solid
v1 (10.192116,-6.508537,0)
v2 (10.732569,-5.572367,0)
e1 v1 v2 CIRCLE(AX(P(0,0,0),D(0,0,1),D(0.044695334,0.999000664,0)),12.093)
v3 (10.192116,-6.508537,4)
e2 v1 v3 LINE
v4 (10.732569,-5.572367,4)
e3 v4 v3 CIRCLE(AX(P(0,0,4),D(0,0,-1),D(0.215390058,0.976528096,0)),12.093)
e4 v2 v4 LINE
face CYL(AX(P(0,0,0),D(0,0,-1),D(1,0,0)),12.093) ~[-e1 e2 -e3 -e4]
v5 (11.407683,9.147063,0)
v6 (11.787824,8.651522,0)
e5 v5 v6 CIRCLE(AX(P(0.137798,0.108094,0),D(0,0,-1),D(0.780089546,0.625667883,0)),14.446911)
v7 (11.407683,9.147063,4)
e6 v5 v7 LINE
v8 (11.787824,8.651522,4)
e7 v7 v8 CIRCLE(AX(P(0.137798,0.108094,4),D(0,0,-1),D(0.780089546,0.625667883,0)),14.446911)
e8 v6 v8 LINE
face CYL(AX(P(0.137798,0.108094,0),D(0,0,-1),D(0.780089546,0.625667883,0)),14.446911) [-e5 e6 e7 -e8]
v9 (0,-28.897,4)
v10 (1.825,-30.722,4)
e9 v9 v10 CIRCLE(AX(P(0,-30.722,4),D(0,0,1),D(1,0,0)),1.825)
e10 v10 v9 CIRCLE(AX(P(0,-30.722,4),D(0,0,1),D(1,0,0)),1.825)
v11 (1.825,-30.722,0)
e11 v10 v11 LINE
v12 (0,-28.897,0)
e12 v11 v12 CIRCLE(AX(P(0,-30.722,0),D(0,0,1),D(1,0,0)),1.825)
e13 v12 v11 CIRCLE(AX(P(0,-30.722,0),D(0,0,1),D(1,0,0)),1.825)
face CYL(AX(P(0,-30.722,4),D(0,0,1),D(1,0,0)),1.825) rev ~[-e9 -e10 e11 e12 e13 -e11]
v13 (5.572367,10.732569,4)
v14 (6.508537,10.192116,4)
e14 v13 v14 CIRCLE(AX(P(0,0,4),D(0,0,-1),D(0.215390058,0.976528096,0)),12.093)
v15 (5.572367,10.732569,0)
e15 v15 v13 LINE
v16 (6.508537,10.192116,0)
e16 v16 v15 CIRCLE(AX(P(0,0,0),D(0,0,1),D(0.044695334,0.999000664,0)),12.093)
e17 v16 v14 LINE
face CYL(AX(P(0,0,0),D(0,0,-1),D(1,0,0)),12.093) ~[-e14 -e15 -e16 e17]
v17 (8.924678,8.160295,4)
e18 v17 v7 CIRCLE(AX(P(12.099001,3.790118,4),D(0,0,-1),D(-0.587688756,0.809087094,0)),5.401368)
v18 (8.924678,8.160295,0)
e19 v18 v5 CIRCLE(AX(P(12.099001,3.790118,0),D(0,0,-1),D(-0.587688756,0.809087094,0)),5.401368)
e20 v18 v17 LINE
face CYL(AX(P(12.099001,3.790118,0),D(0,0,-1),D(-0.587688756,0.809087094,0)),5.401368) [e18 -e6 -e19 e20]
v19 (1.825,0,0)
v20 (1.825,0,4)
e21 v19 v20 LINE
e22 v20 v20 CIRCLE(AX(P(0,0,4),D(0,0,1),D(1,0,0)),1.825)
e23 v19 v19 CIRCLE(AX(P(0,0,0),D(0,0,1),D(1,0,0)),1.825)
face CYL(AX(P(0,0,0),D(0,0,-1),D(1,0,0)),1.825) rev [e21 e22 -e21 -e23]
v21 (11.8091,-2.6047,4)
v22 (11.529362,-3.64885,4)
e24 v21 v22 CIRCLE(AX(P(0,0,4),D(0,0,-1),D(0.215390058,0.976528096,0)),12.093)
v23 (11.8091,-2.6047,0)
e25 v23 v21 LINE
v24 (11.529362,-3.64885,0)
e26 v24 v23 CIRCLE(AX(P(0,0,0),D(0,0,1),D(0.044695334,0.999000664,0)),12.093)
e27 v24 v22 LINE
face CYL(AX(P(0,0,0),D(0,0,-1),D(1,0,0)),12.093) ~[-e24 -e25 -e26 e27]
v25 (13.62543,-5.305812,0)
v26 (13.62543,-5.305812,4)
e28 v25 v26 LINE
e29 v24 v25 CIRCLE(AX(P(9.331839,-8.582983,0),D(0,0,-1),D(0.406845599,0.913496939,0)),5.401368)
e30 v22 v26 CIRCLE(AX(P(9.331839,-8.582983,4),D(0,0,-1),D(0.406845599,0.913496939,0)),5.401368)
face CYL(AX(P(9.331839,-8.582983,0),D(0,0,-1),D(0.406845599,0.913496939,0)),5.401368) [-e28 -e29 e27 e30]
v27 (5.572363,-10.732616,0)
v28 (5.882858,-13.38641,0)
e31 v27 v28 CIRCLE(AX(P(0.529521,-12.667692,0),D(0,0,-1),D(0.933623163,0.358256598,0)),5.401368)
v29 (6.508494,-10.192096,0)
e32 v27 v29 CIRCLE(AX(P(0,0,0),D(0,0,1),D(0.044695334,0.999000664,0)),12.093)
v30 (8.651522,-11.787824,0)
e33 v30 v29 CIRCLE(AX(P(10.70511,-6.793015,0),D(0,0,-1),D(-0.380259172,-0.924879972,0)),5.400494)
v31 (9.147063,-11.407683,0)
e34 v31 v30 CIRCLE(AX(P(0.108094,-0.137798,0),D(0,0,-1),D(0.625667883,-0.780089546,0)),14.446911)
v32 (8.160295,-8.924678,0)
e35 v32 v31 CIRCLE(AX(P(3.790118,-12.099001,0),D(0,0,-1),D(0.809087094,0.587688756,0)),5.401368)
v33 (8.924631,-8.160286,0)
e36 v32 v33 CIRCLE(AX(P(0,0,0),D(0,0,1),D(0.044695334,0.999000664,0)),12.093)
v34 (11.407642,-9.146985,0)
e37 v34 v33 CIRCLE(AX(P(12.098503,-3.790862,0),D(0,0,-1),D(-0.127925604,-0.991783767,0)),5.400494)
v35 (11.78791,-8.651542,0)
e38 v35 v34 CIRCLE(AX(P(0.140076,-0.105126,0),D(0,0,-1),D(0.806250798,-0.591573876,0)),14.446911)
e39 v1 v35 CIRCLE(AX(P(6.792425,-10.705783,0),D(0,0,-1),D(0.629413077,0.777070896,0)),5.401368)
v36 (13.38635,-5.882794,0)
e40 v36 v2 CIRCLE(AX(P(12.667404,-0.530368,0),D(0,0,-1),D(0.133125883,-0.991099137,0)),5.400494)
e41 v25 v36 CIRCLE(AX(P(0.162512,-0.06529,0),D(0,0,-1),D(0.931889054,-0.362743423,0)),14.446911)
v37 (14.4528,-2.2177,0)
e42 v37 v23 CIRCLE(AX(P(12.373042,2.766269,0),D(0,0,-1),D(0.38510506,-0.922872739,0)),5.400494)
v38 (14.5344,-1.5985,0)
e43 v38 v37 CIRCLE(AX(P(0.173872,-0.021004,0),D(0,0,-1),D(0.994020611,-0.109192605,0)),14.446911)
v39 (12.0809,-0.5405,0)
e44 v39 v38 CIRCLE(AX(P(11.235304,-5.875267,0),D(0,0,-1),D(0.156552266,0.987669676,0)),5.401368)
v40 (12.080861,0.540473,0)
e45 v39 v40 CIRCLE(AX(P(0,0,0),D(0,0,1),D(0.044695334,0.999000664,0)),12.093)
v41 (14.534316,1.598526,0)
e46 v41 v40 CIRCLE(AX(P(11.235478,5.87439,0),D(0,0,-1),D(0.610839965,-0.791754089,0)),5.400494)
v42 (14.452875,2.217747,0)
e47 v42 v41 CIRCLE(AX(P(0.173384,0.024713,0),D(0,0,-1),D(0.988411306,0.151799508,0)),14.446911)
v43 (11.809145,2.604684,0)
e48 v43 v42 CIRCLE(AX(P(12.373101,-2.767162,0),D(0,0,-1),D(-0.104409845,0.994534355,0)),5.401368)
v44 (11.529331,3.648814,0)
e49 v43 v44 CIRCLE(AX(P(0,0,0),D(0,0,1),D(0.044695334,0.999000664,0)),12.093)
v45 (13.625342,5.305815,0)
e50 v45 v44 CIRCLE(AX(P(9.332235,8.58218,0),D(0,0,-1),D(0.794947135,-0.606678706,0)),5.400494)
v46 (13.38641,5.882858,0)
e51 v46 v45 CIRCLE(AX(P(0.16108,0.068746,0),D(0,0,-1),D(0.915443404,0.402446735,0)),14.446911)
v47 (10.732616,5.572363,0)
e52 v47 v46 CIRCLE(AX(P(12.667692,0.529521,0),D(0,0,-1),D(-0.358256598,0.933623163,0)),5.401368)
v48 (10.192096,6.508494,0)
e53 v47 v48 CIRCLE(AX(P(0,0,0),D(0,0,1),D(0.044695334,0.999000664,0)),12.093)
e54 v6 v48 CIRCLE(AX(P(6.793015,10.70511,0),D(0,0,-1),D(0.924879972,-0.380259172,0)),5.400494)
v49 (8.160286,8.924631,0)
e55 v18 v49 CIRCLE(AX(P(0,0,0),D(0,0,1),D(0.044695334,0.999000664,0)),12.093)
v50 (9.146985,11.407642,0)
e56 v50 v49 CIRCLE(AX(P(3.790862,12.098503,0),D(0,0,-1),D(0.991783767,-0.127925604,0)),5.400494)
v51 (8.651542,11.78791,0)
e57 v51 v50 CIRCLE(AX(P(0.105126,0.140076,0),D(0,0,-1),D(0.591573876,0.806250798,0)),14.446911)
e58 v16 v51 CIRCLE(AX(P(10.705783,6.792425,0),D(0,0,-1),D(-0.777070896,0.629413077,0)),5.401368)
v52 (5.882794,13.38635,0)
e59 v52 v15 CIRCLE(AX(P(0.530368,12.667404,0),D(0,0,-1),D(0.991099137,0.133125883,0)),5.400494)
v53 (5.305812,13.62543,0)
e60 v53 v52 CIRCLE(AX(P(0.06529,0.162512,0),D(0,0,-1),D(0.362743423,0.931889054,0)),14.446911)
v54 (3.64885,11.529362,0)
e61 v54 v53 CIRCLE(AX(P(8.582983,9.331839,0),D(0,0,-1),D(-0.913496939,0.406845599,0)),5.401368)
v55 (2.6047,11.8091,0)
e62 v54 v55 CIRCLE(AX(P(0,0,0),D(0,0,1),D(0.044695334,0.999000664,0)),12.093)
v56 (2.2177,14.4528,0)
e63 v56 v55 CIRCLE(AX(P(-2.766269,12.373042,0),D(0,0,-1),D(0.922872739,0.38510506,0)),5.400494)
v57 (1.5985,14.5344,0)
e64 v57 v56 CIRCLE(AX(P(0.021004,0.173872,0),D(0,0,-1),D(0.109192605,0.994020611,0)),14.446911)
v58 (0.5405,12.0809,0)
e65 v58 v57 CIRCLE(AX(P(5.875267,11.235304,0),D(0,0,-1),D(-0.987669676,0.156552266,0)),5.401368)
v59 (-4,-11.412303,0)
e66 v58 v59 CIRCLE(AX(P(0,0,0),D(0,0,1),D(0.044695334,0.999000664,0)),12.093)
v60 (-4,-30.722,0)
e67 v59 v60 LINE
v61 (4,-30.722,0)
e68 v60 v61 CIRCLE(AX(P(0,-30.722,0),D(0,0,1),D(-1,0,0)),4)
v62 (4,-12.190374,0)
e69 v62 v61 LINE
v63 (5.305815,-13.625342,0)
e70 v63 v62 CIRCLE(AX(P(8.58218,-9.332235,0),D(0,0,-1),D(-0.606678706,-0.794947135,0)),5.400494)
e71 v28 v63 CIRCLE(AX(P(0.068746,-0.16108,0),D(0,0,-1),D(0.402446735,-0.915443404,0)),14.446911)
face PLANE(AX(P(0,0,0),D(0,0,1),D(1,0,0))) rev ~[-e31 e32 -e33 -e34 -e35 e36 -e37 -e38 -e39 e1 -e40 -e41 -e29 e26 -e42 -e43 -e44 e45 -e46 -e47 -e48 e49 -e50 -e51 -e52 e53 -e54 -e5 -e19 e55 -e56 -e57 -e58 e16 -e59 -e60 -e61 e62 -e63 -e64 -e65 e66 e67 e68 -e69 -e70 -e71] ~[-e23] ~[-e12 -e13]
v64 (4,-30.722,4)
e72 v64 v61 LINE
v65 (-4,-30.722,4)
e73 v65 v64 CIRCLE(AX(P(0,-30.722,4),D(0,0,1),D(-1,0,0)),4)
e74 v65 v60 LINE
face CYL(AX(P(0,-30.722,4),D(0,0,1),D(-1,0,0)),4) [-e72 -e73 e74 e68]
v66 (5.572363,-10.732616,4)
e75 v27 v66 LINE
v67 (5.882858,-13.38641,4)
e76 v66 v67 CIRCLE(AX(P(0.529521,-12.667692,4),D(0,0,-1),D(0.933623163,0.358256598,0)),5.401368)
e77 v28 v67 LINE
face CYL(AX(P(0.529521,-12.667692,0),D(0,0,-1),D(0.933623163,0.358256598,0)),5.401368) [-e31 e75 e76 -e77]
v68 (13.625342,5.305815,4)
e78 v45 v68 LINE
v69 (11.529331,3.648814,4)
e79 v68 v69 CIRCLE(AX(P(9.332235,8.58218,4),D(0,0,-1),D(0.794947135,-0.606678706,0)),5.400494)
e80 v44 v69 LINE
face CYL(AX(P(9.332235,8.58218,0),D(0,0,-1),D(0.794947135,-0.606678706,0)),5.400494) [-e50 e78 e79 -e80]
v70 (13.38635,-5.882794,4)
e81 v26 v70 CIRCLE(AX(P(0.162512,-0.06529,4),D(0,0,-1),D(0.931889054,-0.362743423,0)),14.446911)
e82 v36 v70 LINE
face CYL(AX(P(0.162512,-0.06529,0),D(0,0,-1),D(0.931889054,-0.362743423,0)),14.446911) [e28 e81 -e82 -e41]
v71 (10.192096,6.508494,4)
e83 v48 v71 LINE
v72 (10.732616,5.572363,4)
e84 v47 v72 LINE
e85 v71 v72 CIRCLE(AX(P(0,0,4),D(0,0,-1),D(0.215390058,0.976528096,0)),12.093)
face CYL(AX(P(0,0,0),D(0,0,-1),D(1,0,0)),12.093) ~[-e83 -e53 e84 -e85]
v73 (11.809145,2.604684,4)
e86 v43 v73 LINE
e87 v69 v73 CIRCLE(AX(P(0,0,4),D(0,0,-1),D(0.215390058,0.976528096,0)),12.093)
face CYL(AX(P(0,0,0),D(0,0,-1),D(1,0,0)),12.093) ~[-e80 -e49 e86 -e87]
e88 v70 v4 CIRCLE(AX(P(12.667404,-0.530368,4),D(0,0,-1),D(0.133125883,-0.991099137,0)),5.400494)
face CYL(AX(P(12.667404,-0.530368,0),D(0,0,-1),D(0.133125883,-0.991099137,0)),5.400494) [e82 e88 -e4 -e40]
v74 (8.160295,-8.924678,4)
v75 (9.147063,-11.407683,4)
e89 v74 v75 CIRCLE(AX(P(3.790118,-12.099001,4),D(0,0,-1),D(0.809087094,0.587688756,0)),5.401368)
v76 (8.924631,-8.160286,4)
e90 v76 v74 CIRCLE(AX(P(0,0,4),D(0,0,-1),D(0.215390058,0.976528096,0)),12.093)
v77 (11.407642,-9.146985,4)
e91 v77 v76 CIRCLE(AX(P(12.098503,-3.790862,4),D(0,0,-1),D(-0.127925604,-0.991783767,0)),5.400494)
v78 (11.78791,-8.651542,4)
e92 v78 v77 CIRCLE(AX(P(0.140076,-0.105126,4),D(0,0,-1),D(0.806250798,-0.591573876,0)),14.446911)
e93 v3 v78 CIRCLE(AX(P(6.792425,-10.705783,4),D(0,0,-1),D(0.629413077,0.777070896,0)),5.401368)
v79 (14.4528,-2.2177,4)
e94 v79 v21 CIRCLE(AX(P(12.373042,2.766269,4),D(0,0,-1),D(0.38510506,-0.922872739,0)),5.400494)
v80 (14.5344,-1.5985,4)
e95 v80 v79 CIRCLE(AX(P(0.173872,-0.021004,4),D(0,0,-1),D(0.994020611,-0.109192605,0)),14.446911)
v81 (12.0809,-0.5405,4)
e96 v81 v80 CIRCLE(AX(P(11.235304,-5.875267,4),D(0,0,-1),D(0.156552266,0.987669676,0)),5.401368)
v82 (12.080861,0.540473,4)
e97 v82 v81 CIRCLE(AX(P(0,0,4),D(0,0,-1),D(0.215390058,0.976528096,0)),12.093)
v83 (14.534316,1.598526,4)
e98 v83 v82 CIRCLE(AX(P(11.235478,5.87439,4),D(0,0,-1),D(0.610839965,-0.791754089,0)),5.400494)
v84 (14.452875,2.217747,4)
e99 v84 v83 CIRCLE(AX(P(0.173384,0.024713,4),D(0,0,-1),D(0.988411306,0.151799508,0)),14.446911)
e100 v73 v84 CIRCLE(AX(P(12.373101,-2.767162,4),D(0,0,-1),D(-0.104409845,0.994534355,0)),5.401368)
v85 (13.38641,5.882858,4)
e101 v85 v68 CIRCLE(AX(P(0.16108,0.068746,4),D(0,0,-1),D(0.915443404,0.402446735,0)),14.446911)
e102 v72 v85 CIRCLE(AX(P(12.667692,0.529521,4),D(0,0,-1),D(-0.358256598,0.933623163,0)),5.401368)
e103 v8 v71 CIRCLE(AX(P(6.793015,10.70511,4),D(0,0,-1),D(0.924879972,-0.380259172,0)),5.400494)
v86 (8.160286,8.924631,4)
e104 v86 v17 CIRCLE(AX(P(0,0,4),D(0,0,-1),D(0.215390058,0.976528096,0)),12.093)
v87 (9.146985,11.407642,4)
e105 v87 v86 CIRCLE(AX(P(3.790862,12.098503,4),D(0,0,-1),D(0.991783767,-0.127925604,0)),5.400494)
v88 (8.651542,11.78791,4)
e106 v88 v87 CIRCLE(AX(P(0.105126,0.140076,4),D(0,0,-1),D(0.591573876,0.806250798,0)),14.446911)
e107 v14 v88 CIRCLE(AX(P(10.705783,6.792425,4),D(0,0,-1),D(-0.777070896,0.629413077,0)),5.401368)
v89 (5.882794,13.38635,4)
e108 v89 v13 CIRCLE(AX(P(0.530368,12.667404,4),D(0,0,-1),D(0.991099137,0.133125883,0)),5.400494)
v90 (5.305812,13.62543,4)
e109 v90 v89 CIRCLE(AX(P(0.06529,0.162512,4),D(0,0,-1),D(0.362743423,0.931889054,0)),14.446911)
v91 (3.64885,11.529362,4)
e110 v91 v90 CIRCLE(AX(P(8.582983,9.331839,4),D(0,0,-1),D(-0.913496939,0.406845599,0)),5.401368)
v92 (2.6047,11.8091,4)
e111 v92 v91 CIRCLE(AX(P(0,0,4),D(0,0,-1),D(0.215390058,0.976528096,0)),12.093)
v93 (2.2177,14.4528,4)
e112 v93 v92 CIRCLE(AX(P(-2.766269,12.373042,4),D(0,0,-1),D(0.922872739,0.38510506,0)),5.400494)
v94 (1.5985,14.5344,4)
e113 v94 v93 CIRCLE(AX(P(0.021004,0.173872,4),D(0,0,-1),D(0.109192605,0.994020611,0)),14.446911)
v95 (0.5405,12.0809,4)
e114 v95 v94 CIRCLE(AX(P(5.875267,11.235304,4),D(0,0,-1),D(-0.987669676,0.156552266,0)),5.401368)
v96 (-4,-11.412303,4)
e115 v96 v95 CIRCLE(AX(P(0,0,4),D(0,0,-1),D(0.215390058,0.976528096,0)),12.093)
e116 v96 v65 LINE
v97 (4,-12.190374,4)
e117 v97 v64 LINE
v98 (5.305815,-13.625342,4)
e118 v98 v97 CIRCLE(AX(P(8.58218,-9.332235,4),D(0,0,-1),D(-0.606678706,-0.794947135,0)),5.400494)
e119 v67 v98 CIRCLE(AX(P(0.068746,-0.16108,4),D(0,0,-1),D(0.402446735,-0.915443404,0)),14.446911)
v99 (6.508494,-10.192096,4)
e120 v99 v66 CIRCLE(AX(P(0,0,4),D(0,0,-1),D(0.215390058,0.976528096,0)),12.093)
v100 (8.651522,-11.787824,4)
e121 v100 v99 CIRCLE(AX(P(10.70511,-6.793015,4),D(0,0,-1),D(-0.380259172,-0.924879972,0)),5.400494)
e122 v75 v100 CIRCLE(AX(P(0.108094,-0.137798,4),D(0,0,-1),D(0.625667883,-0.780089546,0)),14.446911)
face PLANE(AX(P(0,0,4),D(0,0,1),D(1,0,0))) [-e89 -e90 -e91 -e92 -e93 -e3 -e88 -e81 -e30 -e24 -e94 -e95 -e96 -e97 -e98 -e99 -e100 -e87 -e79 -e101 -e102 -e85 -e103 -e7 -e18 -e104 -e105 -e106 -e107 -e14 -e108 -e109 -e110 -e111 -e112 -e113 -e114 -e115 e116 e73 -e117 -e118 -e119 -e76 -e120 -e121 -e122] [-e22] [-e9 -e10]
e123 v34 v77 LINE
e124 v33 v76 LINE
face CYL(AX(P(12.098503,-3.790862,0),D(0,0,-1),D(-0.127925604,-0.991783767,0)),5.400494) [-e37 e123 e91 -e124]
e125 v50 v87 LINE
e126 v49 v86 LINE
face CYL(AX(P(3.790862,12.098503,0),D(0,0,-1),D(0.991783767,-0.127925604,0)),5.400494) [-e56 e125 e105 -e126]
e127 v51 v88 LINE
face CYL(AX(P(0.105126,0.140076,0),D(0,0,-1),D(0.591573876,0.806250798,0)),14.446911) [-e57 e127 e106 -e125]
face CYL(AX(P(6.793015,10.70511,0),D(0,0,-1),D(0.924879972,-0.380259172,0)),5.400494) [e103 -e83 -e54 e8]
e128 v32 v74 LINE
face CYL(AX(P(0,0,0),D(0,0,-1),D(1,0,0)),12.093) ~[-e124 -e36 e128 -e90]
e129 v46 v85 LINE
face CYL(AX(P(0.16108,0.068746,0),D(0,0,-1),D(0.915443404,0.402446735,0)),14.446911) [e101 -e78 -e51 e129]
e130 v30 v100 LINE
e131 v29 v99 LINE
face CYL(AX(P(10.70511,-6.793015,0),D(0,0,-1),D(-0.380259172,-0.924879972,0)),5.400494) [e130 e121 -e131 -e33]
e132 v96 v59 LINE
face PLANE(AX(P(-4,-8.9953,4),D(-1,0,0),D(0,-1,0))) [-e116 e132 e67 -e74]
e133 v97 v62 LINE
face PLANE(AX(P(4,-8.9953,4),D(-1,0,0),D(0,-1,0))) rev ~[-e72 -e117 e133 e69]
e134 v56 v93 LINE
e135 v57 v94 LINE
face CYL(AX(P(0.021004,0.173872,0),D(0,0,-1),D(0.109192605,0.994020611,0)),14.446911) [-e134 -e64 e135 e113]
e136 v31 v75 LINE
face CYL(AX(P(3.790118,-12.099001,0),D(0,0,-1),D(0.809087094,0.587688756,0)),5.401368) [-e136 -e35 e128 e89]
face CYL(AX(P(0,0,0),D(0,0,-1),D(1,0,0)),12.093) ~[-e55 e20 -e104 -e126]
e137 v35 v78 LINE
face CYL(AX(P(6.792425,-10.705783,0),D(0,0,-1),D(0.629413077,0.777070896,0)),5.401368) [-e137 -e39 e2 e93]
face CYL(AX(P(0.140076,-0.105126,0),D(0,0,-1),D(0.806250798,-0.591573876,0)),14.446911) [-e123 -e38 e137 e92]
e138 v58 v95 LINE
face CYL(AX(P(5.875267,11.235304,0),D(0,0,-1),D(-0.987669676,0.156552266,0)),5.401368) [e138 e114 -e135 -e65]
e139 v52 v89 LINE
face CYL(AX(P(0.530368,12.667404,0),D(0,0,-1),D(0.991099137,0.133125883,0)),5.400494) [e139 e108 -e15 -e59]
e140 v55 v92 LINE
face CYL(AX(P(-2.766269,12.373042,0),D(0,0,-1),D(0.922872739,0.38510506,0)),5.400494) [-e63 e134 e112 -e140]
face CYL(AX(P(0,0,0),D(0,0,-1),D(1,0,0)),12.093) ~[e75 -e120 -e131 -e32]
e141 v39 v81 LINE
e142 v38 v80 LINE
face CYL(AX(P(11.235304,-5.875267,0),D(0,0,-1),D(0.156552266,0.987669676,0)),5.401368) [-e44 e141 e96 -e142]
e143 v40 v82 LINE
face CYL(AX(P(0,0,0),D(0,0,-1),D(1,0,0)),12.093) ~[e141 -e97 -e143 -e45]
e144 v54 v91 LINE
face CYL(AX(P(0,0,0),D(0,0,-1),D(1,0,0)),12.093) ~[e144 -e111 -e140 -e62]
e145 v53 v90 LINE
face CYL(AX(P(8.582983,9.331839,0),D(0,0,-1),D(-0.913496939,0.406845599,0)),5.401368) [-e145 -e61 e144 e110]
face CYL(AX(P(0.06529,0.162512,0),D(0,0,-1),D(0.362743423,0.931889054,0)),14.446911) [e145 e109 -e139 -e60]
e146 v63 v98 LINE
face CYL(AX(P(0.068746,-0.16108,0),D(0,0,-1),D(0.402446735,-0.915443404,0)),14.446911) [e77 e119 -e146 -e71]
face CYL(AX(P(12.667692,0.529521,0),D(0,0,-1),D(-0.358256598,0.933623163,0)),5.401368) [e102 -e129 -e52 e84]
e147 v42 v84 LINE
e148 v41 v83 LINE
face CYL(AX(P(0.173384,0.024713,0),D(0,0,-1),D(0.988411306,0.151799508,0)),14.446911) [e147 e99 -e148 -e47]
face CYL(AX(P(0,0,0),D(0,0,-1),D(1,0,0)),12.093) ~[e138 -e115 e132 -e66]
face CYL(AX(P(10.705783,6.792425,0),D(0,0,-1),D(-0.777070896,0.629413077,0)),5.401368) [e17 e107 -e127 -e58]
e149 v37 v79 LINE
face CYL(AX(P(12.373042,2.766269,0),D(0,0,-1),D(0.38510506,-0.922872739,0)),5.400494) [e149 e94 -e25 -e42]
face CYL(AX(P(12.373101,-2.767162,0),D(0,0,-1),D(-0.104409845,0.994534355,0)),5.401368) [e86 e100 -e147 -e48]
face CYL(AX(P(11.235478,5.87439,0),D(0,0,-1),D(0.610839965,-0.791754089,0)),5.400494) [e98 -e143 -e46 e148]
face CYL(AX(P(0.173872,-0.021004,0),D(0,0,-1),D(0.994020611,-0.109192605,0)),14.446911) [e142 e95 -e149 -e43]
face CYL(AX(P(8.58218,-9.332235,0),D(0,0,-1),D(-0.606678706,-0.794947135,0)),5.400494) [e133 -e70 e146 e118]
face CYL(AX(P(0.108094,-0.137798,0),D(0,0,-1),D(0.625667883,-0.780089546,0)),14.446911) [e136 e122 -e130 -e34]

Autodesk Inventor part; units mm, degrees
ref_plane "YZ Plane" through (0, 0, 0) normal (1, 0, 0) x (0, 1, 0)
ref_plane "XZ Plane" through (0, 0, 0) normal (0, 1, 0) x (-1, 0, 0)
ref_plane "XY Plane" through (0, 0, 0) normal (0, 0, 1) x (1, 0, 0)
sketch "Náčrt1" plane through (0, 0, 0) normal (0, 0, 1) x (1, 0, 0)
  circle A0 centre (0, 0) radius 12.093
  circle A1 centre (0, 0) radius 1.825
  dimension "d0" = 24.186
  dimension "d1" = 3.65
extrude "Vysunutí1" add sketch "Náčrt1" along normal blind 4
sketch "Náčrt2" plane through (0, 0, 0) normal (0, 0, -1) x (-1, 0, 0)
  line L0 (0, 0) -> (0, 17.286)
  circle A0 centre (0, 0) radius 1.825 projected
  line L1 (0, 0) -> (3.0566, 13.6745)
  line L2 (0, 0) -> (-0.9214, -21.9835)
  arc A1 (-0.5405, 12.0809) -> (-1.5985, 14.5344) centre (-5.8739, 11.2357) ccw
  arc A2 (-8.6515, 11.7879) -> (-9.147, 11.4077) centre (0, 0) ccw
  arc A3 (-11.4077, 9.147) -> (-11.7879, 8.6515) centre (0, 0) ccw
  arc A4 (-5.3058, 13.6254) -> (-5.8828, 13.3864) centre (0, 0) ccw
  arc A5 (-13.3864, 5.8828) -> (-13.6254, 5.3058) centre (0, 0) ccw
  arc A6 (-14.4528, 2.2177) -> (-14.5344, 1.5985) centre (0, 0) ccw
  arc A7 (-14.5344, -1.5985) -> (-14.4528, -2.2177) centre (0, 0) ccw
  arc A8 (-13.6254, -5.3058) -> (-13.3864, -5.8828) centre (0, 0) ccw
  arc A9 (-11.7879, -8.6515) -> (-11.4077, -9.147) centre (0, 0) ccw
  arc A10 (-9.147, -11.4077) -> (-8.6515, -11.7879) centre (0, 0) ccw
  arc A11 (-5.8828, -13.3864) -> (-5.3058, -13.6254) centre (0, 0) ccw
  arc A12 (-1.5985, 14.5344) -> (-2.2177, 14.4528) centre (0, 0) ccw
  circle A13 centre (0, 0) radius 12.093 projected
  arc A14 (-2.2177, 14.4528) -> (-2.6047, 11.8091) centre (2.7657, 12.3732) ccw
  arc A15 (-5.8828, 13.3864) -> (-5.5724, 10.7326) centre (-0.5309, 12.6674) ccw
  arc A16 (-9.147, 11.4077) -> (-8.1603, 8.9247) centre (-3.7914, 12.0983) ccw
  arc A17 (-11.7879, 8.6515) -> (-10.1922, 6.5085) centre (-6.7935, 10.7048) ccw
  arc A18 (-13.6254, 5.3058) -> (-11.5294, 3.6488) centre (-9.3326, 8.5818) ccw
  arc A19 (-14.5344, 1.5985) -> (-12.0809, 0.5405) centre (-11.2357, 5.8739) ccw
  arc A20 (-14.4528, -2.2177) -> (-11.8091, -2.6047) centre (-12.3732, 2.7657) ccw
  arc A21 (-13.3864, -5.8828) -> (-10.7326, -5.5724) centre (-12.6674, -0.5309) ccw
  arc A22 (-11.4077, -9.147) -> (-8.9247, -8.1603) centre (-12.0983, -3.7914) ccw
  arc A23 (-8.6515, -11.7879) -> (-6.5085, -10.1922) centre (-10.7048, -6.7935) ccw
  arc A24 (-5.3058, -13.6254) -> (-3.6488, -11.5294) centre (-8.5818, -9.3326) ccw
  arc A25 (-3.6488, 11.5294) -> (-5.3058, 13.6254) centre (-8.5818, 9.3326) ccw
  arc A26 (-6.5085, 10.1922) -> (-8.6515, 11.7879) centre (-10.7048, 6.7935) ccw
  arc A27 (-8.9247, 8.1603) -> (-11.4077, 9.147) centre (-12.0983, 3.7914) ccw
  arc A28 (-10.7326, 5.5724) -> (-13.3864, 5.8828) centre (-12.6674, 0.5309) ccw
  arc A29 (-11.8091, 2.6047) -> (-14.4528, 2.2177) centre (-12.3732, -2.7657) ccw
  arc A30 (-12.0809, -0.5405) -> (-14.5344, -1.5985) centre (-11.2357, -5.8739) ccw
  arc A31 (-11.5294, -3.6488) -> (-13.6254, -5.3058) centre (-9.3326, -8.5818) ccw
  arc A32 (-10.1922, -6.5085) -> (-11.7879, -8.6515) centre (-6.7935, -10.7048) ccw
  arc A33 (-8.1603, -8.9247) -> (-9.147, -11.4077) centre (-3.7914, -12.0983) ccw
  arc A34 (-5.5724, -10.7326) -> (-5.8828, -13.3864) centre (-0.5309, -12.6674) ccw
  dimension "d6" = 12.6
  dimension "d17" = 169.8
  dimension "d22" = 10.8
  dimension "d29" = 150
  dimension "d33" = 150
extrude "Vysunutí2" add sketch "Náčrt2" against normal blind 4 contours A13 A14 A12 A1
pattern_circular "Kruhové pole1" count 11 over 150 about axis through (0, 0, 0) along (0, 0, -1) of "Vysunutí2"
sketch "Náčrt3" plane through (0, 0, 4) normal (0, 0, 1) x (1, 0, 0)
  line L0 (0, 0) -> (0, -30.722)
  circle A0 centre (0, -30.722) radius 1.825
  line L1 (-4, 1.3777) -> (-4, -30.722)
  line L2 (4, 1.3777) -> (4, -30.722)
  arc A1 (-4, -30.722) -> (4, -30.722) centre (0, -30.722) ccw
  line L3 (-4, -8.9953) -> (4, -8.9953)
  point P0 (-4, -33.1583)
  point P1 (4, -33.1583)
  dimension "d40" = 30.722
  dimension "d41" = 3.65
  dimension "d42" = 34.536
  dimension "d43" = 4
  dimension "d44" = 8
extrude "Vysunutí3" add sketch "Náčrt3" against normal blind 4
properties part number "zubate_kolo1" material "ABS Plastic"
